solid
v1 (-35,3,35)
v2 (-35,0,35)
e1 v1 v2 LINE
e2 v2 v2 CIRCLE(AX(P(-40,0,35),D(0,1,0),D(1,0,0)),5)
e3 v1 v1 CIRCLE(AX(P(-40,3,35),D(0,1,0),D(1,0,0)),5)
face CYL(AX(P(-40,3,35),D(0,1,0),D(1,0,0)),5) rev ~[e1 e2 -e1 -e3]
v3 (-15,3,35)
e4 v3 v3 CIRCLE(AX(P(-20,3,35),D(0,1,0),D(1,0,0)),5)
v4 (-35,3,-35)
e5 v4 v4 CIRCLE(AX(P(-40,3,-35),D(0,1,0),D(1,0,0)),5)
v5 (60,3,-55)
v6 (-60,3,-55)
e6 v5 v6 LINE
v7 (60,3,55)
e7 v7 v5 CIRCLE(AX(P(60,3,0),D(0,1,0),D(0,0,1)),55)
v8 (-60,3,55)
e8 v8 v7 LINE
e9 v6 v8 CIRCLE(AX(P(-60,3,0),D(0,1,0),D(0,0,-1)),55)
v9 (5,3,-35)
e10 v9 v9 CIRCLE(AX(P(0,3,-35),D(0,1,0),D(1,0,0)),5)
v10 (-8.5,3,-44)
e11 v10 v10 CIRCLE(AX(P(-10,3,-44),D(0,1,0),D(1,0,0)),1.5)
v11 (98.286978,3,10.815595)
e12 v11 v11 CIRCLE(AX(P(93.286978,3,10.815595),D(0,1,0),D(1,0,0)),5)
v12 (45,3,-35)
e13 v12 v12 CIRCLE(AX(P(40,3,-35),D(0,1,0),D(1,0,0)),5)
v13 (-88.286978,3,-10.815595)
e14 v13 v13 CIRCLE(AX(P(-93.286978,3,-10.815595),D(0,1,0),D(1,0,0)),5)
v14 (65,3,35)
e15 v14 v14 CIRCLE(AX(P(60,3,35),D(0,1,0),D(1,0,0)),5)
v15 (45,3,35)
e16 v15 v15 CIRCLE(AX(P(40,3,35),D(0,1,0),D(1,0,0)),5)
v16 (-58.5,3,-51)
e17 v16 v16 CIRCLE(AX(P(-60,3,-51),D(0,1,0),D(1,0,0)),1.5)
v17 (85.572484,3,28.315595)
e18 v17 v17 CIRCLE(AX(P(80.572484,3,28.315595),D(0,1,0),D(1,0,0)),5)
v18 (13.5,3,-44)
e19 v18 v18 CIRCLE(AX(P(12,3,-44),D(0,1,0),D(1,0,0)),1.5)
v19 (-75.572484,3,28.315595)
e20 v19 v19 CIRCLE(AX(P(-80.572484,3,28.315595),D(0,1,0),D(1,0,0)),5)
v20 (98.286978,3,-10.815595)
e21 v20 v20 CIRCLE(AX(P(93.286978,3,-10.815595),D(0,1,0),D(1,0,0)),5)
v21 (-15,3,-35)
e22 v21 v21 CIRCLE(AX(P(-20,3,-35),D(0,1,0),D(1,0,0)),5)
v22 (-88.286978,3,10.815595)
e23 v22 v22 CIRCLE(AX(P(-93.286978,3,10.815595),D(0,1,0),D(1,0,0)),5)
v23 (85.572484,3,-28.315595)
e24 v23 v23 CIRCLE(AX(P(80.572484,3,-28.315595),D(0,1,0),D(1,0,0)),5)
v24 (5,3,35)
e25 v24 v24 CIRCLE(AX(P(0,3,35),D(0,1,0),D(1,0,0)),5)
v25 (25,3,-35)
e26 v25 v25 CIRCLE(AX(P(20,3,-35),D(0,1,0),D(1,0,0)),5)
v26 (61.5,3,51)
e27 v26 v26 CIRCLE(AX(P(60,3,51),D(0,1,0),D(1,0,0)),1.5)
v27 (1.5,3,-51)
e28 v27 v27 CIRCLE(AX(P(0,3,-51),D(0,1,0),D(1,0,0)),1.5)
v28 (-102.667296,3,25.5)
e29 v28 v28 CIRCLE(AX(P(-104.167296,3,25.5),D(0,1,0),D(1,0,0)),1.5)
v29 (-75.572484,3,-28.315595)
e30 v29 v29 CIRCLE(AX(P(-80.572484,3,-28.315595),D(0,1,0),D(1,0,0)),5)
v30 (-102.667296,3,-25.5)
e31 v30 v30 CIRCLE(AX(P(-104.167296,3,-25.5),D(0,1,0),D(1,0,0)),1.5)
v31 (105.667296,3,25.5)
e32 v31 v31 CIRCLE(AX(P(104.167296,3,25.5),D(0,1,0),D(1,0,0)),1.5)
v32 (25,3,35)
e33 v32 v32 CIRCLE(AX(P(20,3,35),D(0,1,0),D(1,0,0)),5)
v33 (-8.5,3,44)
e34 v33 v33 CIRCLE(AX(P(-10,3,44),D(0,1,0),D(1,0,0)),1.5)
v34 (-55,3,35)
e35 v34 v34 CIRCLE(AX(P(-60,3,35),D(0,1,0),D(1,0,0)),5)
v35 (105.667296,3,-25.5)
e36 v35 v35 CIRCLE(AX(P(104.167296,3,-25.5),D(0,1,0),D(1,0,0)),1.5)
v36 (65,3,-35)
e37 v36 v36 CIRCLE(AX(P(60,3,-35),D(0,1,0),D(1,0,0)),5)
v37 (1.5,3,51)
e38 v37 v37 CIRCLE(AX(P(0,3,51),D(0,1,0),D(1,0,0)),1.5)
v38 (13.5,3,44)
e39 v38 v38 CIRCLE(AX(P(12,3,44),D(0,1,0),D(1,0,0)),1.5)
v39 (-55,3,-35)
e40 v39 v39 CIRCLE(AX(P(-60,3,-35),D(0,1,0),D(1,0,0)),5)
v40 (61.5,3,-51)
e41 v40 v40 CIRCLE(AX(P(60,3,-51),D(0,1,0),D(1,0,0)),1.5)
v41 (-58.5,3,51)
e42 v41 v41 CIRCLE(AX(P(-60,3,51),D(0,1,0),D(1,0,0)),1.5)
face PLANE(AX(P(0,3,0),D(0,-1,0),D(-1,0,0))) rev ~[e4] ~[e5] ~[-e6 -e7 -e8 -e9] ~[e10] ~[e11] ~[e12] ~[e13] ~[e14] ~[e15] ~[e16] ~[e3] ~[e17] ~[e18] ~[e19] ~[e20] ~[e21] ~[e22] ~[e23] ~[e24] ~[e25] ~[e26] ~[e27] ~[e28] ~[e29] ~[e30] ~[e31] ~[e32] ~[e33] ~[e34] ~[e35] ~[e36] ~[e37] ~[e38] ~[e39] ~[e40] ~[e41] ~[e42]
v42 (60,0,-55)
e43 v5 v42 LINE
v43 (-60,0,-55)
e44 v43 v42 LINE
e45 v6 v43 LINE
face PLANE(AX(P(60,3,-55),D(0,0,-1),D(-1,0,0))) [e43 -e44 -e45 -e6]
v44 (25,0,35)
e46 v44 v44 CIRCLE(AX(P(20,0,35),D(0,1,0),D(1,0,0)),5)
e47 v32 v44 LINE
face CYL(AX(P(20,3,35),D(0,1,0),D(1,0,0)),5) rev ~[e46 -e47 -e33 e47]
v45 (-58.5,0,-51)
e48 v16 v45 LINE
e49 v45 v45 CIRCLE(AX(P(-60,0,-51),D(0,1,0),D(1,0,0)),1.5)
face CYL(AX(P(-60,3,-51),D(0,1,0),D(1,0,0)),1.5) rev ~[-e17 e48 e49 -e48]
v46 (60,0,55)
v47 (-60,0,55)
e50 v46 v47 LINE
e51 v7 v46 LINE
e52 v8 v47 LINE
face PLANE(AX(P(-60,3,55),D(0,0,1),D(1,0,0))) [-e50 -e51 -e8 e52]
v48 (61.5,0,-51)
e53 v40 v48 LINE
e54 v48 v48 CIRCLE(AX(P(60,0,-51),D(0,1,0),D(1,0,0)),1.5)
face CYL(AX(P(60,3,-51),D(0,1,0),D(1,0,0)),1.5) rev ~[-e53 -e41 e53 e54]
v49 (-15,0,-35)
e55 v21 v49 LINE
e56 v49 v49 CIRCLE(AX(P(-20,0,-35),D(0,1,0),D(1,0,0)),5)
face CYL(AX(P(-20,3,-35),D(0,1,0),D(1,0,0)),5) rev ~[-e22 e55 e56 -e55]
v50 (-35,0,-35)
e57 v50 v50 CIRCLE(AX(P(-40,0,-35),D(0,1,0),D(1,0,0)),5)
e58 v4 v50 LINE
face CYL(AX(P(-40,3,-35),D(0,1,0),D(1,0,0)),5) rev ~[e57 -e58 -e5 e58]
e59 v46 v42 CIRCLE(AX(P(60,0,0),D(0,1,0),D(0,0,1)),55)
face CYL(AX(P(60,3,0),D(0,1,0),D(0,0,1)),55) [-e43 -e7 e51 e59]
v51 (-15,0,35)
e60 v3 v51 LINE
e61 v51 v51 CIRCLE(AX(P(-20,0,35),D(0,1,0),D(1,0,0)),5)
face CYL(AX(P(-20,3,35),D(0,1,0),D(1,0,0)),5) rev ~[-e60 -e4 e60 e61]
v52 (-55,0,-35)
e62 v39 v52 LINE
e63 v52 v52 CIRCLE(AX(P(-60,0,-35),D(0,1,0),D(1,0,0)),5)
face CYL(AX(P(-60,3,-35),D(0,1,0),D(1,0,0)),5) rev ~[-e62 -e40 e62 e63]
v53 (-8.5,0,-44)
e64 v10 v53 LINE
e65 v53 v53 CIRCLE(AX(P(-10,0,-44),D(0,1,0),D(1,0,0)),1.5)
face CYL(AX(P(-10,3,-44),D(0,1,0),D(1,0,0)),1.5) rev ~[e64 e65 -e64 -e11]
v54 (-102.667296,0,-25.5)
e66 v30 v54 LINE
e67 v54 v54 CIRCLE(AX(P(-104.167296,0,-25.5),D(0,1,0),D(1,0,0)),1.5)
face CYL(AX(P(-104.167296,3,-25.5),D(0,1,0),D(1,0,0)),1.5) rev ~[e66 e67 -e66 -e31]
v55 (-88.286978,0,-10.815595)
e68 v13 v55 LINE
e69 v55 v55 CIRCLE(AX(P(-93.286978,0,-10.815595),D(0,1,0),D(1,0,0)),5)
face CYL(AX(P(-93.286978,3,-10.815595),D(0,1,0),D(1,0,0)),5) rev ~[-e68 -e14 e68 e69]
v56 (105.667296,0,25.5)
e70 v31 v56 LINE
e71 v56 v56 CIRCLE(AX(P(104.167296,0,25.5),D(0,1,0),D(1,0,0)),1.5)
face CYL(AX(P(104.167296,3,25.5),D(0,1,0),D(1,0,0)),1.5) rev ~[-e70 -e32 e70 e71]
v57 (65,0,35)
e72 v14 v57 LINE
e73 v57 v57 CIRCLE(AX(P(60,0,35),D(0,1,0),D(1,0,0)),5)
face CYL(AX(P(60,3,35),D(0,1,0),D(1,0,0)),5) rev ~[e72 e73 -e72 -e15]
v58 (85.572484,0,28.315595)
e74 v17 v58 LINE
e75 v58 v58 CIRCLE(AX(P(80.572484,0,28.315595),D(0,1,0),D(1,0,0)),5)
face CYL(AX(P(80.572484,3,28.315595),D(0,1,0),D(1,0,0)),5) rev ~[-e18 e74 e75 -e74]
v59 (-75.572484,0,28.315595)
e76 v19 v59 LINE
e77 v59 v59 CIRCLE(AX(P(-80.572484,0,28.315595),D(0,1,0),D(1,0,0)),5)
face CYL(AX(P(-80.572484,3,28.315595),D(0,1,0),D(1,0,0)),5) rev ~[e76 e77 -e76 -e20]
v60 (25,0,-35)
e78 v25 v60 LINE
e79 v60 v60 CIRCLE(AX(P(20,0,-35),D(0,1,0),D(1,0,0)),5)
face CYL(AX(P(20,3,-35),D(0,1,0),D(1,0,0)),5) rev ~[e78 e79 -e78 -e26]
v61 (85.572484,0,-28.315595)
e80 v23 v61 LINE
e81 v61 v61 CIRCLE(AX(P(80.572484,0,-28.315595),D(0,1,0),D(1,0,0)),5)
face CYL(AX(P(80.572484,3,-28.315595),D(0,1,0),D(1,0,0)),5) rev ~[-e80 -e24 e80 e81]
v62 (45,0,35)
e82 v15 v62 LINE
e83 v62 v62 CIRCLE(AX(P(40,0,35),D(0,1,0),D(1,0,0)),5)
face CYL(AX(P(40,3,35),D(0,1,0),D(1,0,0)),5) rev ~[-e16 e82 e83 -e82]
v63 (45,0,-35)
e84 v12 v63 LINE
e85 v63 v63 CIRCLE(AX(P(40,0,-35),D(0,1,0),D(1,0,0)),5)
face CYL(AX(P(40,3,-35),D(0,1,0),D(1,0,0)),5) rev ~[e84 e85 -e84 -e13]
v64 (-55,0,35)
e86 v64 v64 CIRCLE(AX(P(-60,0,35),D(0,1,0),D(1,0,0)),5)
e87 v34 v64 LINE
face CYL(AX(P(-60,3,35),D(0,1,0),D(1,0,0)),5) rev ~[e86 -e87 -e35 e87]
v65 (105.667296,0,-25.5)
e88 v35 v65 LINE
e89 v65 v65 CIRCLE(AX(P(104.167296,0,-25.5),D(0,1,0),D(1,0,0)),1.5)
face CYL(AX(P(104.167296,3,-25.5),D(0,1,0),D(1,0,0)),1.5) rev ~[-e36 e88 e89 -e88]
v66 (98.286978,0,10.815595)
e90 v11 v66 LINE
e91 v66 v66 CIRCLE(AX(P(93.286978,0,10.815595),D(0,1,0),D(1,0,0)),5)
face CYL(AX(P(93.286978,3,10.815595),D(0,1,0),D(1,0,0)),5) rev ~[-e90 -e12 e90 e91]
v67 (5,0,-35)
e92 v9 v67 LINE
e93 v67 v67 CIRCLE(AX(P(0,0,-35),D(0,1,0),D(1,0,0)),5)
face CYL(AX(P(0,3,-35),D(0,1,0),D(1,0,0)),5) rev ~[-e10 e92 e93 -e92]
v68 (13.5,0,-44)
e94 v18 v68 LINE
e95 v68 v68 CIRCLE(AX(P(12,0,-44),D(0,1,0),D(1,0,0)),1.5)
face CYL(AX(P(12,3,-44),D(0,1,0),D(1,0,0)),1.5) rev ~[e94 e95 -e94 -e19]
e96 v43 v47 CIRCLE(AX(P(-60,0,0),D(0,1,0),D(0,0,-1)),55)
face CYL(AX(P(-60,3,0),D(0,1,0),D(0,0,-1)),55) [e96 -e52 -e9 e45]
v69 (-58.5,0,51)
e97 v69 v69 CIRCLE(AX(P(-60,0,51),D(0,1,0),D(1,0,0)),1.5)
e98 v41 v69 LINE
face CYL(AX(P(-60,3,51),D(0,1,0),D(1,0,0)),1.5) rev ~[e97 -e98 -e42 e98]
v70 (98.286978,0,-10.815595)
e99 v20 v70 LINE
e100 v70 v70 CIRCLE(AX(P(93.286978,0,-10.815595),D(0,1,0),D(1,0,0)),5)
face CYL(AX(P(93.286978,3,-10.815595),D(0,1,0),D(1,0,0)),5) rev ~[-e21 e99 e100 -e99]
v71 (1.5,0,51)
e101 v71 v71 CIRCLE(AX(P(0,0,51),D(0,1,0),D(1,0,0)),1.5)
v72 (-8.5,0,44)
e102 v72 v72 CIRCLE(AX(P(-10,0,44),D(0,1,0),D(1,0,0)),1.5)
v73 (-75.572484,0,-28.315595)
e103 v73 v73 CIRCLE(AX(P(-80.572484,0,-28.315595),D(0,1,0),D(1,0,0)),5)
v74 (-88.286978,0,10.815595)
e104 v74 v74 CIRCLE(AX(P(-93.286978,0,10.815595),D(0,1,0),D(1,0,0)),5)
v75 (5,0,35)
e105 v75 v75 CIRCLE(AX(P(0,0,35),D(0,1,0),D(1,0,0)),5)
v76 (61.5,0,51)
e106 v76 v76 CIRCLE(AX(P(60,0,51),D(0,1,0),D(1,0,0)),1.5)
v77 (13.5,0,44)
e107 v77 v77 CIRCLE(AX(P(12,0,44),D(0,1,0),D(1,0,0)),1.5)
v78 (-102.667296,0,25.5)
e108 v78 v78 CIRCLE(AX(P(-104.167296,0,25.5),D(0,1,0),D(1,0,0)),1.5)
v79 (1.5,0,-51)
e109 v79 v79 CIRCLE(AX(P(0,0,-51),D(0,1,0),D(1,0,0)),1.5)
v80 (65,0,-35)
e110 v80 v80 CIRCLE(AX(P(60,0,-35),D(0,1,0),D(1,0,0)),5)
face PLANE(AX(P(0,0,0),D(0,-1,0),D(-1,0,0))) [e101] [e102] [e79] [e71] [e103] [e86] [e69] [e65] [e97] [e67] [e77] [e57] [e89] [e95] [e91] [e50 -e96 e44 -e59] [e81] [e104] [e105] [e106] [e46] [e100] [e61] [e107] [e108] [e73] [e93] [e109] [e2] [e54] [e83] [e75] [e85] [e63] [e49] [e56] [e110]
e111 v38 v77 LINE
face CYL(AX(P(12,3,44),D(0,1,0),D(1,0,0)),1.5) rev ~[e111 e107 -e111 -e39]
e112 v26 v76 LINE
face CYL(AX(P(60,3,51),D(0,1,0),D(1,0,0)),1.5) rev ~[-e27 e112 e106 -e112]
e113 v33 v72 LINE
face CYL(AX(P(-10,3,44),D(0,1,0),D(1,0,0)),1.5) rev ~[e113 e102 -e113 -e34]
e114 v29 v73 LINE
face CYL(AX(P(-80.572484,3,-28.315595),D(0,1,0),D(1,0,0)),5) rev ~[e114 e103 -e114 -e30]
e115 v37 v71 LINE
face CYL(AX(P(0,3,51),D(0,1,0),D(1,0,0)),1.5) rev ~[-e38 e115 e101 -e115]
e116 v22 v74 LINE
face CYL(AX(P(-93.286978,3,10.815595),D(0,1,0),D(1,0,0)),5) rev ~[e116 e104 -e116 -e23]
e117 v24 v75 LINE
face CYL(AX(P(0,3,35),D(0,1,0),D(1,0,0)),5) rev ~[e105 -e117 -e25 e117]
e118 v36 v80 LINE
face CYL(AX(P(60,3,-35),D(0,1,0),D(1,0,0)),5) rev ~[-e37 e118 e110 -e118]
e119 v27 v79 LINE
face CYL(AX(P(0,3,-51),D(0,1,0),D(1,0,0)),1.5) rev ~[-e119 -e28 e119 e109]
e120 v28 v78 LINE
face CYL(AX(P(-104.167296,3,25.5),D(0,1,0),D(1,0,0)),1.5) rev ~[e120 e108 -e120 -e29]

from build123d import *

# Parameters (mm, degrees)
SKETCH_1_R          = 1.5
EXTRUDE_2_DEPTH     = 3
CUT_EXTRUDE_1_DEPTH = 10
SKETCH_4_R          = 5
CUT_EXTRUDE_2_DEPTH = 10
SKETCH_5_R          = 1.5
CUT_EXTRUDE_3_DEPTH = 10
SKETCH_6_R          = 1.5
CUT_EXTRUDE_4_DEPTH = 10


with BuildPart() as part:
    # 草图1 → 凸台-拉伸2 (new body)
    with BuildSketch(Plane(origin=(0, 0, 0), x_dir=(1, 0, 0), z_dir=(0, 1, 0))):
        with BuildLine():
            Line((-60, 70), (60, 70))
            ThreePointArc((60, 70), (130, 0), (60, -70))
            Line((60, -70), (-60, -70))
            ThreePointArc((-60, -70), (-130, 0), (-60, 70))
        make_face()
        with Locations((-122, 0)):
            Circle(SKETCH_1_R, mode=Mode.SUBTRACT)
        with Locations((122, 0)):
            Circle(SKETCH_1_R, mode=Mode.SUBTRACT)
        with Locations((-30, 60)):
            Circle(SKETCH_1_R, mode=Mode.SUBTRACT)
        with Locations((30, 60)):
            Circle(SKETCH_1_R, mode=Mode.SUBTRACT)
        with Locations((30, -60)):
            Circle(SKETCH_1_R, mode=Mode.SUBTRACT)
        with Locations((-30, -60)):
            Circle(SKETCH_1_R, mode=Mode.SUBTRACT)
    extrude(amount=EXTRUDE_2_DEPTH)

    # 草图3 → 切除-拉伸1 (cut)
    with BuildSketch(Plane(origin=(0, 3, 0), x_dir=(1, 0, 0), z_dir=(0, 1, 0))):
        with BuildLine():
            Line((-60, -70), (60, -70))
            ThreePointArc((60, -70), (130, 0), (60, 70))
            Line((60, 70), (-60, 70))
            ThreePointArc((-60, 70), (-130, 0), (-60, -70))
        make_face()
        with BuildLine():
            Line((-60, -55), (60, -55))
            ThreePointArc((60, -55), (115, 0), (60, 55))
            Line((60, 55), (-60, 55))
            ThreePointArc((-60, 55), (-115, 0), (-60, -55))
        make_face(mode=Mode.SUBTRACT)
    extrude(amount=-CUT_EXTRUDE_1_DEPTH, mode=Mode.SUBTRACT)

    # 草图4 → 切除-拉伸2 (cut)
    with BuildSketch(Plane(origin=(0, 3, 0), x_dir=(1, 0, 0), z_dir=(0, 1, 0))):
        with Locations((-60, 35)):
            Circle(SKETCH_4_R)
        with Locations((-60, -35)):
            Circle(SKETCH_4_R)
        with Locations((-80.57248383, -28.315594803)):
            Circle(SKETCH_4_R)
        with Locations((-93.28697807, -10.815594803)):
            Circle(SKETCH_4_R)
        with Locations((-93.28697807, 10.815594803)):
            Circle(SKETCH_4_R)
        with Locations((-80.57248383, 28.315594803)):
            Circle(SKETCH_4_R)
        with Locations((-40, 35)):
            Circle(SKETCH_4_R)
        with Locations((-20, 35)):
            Circle(SKETCH_4_R)
        with Locations((0, 35)):
            Circle(SKETCH_4_R)
        with Locations((20, 35)):
            Circle(SKETCH_4_R)
        with Locations((40, 35)):
            Circle(SKETCH_4_R)
        with Locations((60, 35)):
            Circle(SKETCH_4_R)
        with Locations((60, -35)):
            Circle(SKETCH_4_R)
        with Locations((40, -35)):
            Circle(SKETCH_4_R)
        with Locations((20, -35)):
            Circle(SKETCH_4_R)
        with Locations((0, -35)):
            Circle(SKETCH_4_R)
        with Locations((-20, -35)):
            Circle(SKETCH_4_R)
        with Locations((-40, -35)):
            Circle(SKETCH_4_R)
        with Locations((80.57248383, 28.315594803)):
            Circle(SKETCH_4_R)
        with Locations((93.28697807, 10.815594803)):
            Circle(SKETCH_4_R)
        with Locations((93.28697807, -10.815594803)):
            Circle(SKETCH_4_R)
        with Locations((80.57248383, -28.315594803)):
            Circle(SKETCH_4_R)
    extrude(amount=-CUT_EXTRUDE_2_DEPTH, mode=Mode.SUBTRACT)

    # 草图5 → 切除-拉伸3 (cut)
    with BuildSketch(Plane(origin=(0, 3, 0), x_dir=(1, 0, 0), z_dir=(0, 1, 0))):
        with Locations((60, 51)):
            Circle(SKETCH_5_R)
        with Locations((104.167295593, 25.5)):
            Circle(SKETCH_5_R)
        with Locations((104.167295593, -25.5)):
            Circle(SKETCH_5_R)
        with Locations((60, -51)):
            Circle(SKETCH_5_R)
        with Locations((0, -51)):
            Circle(SKETCH_5_R)
        with Locations((-60, -51)):
            Circle(SKETCH_5_R)
        with Locations((-104.167295593, -25.5)):
            Circle(SKETCH_5_R)
        with Locations((-104.167295593, 25.5)):
            Circle(SKETCH_5_R)
        with Locations((-60, 51)):
            Circle(SKETCH_5_R)
        with Locations((0, 51)):
            Circle(SKETCH_5_R)
    extrude(amount=-CUT_EXTRUDE_3_DEPTH, mode=Mode.SUBTRACT)

    # 草图6 → 切除-拉伸4 (cut)
    with BuildSketch(Plane(origin=(0, 3, 0), x_dir=(1, 0, 0), z_dir=(0, 1, 0))):
        with Locations((-10, -44)):
            Circle(SKETCH_6_R)
        with Locations((-10, 44)):
            Circle(SKETCH_6_R)
        with Locations((12, -44)):
            Circle(SKETCH_6_R)
        with Locations((12, 44)):
            Circle(SKETCH_6_R)
    extrude(amount=-CUT_EXTRUDE_4_DEPTH, mode=Mode.SUBTRACT)


solid = part.part
